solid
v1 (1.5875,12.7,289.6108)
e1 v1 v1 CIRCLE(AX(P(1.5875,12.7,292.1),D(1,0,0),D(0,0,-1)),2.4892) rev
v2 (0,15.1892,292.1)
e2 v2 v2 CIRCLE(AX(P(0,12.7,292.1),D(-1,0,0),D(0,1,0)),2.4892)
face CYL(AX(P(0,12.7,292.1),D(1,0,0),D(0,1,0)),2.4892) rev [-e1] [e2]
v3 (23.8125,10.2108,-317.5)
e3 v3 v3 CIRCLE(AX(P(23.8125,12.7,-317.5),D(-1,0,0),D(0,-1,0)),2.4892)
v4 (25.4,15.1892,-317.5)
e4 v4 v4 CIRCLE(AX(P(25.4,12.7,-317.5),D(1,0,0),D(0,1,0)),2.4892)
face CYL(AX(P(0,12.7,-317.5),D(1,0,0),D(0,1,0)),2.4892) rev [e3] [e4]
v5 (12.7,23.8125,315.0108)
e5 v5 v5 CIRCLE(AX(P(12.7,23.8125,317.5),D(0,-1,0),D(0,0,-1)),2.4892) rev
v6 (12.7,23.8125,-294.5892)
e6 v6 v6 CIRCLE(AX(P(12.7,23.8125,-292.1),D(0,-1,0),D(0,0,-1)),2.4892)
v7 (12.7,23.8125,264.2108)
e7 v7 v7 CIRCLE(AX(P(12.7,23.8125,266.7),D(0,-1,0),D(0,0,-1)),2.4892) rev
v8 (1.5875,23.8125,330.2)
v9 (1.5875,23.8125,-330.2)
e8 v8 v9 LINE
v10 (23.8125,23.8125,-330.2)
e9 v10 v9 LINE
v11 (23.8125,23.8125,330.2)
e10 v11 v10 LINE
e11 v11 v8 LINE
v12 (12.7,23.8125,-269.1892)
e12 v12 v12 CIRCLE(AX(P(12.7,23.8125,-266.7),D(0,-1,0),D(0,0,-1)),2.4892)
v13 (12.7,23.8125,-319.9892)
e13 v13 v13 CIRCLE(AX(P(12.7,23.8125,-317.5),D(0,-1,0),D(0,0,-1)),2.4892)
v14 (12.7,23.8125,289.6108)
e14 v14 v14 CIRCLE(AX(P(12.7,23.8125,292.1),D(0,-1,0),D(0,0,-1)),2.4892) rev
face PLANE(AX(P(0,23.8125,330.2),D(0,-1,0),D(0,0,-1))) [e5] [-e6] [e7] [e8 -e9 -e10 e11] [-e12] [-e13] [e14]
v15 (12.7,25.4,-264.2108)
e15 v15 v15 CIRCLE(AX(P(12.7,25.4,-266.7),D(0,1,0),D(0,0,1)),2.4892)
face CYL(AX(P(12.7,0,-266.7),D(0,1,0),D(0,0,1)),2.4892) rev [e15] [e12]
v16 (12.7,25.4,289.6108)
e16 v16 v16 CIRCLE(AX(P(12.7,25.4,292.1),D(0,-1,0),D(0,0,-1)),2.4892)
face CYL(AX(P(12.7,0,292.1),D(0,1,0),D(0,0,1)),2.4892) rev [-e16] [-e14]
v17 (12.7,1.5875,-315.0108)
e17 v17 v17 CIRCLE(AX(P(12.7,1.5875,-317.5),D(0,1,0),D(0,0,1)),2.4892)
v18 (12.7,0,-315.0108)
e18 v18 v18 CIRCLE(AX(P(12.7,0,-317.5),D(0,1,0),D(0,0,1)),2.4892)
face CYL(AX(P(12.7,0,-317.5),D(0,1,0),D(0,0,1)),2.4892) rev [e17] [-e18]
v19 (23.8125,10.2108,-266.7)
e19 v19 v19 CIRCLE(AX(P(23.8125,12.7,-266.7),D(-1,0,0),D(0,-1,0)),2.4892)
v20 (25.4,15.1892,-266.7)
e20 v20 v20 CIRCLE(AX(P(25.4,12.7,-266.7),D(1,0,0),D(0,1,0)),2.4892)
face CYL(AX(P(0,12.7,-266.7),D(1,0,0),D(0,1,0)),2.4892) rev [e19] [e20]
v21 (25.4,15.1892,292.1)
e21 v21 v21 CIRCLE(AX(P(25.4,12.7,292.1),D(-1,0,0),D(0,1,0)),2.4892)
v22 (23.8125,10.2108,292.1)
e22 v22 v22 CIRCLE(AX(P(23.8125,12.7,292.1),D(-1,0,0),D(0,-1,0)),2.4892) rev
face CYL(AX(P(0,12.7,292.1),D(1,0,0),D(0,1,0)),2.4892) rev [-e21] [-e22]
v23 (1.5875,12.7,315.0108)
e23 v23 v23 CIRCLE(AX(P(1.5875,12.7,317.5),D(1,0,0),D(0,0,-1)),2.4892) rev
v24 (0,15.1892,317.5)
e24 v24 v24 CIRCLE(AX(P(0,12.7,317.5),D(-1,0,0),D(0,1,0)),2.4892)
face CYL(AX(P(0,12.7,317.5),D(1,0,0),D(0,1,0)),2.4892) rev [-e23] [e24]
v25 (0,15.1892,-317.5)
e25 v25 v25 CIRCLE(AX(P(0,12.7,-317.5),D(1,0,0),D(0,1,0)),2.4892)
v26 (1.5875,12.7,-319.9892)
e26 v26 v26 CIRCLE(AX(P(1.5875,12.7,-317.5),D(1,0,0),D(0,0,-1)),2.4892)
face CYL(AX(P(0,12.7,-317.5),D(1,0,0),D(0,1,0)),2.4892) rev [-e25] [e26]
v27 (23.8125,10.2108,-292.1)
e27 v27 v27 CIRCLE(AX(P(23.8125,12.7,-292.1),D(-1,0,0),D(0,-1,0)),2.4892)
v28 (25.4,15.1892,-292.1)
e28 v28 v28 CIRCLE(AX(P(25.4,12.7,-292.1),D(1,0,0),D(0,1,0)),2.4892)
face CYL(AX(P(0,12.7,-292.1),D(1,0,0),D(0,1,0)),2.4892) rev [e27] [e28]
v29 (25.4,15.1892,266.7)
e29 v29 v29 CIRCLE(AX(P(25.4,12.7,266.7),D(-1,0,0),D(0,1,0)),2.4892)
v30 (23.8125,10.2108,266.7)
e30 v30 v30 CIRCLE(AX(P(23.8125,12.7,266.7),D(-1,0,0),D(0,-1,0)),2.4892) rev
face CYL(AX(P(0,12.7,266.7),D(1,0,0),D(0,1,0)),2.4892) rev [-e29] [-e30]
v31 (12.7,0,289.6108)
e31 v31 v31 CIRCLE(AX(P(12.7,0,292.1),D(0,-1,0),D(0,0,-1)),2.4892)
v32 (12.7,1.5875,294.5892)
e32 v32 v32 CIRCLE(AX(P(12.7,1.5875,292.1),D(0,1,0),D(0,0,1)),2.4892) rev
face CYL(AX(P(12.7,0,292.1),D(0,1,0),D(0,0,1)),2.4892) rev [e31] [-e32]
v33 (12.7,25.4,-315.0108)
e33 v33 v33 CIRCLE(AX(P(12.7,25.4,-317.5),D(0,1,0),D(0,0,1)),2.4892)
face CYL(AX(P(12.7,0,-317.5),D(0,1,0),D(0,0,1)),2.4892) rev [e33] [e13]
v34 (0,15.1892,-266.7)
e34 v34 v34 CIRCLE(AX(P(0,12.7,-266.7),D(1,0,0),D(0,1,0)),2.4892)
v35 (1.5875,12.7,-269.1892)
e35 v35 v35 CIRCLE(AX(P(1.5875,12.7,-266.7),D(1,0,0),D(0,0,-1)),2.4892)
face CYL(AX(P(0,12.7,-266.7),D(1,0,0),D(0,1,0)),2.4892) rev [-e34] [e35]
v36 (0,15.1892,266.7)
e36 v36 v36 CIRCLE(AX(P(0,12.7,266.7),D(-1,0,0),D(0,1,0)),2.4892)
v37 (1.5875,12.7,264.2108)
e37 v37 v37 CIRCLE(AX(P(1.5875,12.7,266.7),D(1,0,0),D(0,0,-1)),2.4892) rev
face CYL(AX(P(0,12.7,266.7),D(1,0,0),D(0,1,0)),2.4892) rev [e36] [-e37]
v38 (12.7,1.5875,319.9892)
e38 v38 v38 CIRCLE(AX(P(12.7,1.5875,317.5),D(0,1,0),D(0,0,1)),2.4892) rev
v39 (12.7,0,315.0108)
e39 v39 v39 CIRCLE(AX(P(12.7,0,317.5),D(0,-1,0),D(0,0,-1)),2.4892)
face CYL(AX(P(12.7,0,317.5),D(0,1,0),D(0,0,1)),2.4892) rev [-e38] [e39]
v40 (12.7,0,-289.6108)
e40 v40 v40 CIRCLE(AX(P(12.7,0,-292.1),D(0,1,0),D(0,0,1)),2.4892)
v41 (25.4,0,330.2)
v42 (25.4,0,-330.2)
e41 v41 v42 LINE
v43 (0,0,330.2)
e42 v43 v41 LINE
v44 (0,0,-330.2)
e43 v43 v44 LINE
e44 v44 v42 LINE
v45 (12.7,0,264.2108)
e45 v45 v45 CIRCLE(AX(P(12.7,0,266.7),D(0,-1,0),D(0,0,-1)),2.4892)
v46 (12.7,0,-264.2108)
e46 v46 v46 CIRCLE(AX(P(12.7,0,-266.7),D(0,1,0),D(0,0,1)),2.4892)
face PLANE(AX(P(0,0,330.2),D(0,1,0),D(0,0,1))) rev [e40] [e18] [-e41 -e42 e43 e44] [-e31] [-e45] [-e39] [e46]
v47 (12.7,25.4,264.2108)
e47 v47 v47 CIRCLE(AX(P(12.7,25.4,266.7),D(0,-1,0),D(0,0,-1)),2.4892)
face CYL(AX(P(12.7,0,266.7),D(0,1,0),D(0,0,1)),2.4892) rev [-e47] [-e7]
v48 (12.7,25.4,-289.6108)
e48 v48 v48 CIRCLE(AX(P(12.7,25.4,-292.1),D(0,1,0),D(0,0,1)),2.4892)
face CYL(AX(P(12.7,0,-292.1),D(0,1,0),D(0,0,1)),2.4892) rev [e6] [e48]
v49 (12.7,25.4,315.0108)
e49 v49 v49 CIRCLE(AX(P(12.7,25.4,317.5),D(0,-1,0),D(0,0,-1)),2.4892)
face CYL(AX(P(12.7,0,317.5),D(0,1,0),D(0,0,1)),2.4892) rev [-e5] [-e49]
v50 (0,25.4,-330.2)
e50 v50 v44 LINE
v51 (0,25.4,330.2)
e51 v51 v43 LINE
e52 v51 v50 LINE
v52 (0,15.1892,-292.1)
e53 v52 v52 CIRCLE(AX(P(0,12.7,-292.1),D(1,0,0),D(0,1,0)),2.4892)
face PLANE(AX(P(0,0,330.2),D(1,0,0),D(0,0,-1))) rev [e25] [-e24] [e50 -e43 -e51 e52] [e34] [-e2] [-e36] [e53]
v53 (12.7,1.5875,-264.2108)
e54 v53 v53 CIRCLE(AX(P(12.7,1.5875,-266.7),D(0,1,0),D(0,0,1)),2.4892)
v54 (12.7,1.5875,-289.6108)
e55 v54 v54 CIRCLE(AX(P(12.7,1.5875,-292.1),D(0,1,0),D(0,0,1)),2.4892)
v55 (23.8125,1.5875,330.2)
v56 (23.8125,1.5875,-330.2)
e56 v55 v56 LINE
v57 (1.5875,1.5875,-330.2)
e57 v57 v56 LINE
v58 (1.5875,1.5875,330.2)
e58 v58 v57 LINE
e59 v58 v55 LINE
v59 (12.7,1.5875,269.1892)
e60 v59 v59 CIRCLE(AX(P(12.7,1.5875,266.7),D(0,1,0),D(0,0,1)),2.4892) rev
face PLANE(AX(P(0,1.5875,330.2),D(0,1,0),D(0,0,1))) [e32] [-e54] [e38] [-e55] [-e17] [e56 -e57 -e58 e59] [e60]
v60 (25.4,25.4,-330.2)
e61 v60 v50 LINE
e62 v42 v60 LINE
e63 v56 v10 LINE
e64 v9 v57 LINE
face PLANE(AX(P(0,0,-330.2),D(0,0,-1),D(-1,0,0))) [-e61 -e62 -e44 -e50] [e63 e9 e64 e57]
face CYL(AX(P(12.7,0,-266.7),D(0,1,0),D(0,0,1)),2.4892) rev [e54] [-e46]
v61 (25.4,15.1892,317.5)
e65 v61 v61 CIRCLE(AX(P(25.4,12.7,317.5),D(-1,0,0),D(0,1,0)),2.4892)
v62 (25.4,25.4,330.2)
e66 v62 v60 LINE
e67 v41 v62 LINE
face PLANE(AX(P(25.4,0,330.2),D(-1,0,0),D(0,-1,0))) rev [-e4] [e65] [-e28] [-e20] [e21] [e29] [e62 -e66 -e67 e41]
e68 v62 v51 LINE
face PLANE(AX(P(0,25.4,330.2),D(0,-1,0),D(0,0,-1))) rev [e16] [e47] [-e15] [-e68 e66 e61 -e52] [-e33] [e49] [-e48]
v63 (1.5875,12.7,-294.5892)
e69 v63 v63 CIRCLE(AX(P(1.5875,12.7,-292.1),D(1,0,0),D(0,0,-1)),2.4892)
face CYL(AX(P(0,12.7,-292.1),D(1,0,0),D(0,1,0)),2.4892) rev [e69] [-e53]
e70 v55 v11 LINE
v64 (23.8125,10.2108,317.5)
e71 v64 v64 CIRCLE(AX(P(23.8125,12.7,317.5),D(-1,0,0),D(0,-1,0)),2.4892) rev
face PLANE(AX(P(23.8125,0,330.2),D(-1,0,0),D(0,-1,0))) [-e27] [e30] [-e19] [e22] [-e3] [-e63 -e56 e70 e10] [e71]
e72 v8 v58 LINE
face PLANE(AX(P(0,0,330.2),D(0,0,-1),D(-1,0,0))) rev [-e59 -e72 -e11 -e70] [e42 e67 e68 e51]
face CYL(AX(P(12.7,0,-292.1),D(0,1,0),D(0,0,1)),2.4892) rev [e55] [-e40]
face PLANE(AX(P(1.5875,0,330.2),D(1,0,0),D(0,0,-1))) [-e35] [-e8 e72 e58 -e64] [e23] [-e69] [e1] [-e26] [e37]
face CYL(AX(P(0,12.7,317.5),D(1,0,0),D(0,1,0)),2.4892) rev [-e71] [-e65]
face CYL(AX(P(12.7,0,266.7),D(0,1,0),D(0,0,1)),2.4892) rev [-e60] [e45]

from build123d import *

# Parameters (mm, degrees)
SKETCH5_W           = 25.4
SKETCH5_H           = 25.4
BOSS_EXTRUDE2_DEPTH = 330.2
SHELL3_T            = -1.5875
SKETCH6_R           = 2.4892
CUT_EXTRUDE2_DEPTH  = 333.148099498
SKETCH7_R           = 2.4892
CUT_EXTRUDE3_DEPTH  = 333.148099498


with BuildPart() as part:
    # Sketch5 → Boss-Extrude2 (new, symmetric)
    with BuildSketch(Plane.XY):
        with Locations((12.7, 12.7)):
            Rectangle(SKETCH5_W, SKETCH5_H)
    extrude(amount=BOSS_EXTRUDE2_DEPTH, both=True)

    # Shell3
    shell3_openings = [part.faces().sort_by_distance(p)[0] for p in [
        (12.7, 12.7, 330.2),
        (12.7, 12.7, -330.2),
    ]]
    offset(amount=SHELL3_T, openings=shell3_openings, kind=Kind.INTERSECTION)

    # Sketch6 → Cut-Extrude2 (cut, through all)
    with BuildSketch(Plane(origin=(0, 25.4, 0), x_dir=(1, 0, 0), z_dir=(0, 1, 0))):
        with Locations(Location((12.7, 317.5, 0), (0, 0, 270))):
            Circle(SKETCH6_R)
        with Locations(Location((12.7, 292.1, 0), (0, 0, 270))):
            Circle(SKETCH6_R)
        with Locations(Location((12.7, 266.7, 0), (0, 0, 270))):
            Circle(SKETCH6_R)
    cut_extrude2 = extrude(amount=-CUT_EXTRUDE2_DEPTH, mode=Mode.SUBTRACT)

    # Sketch7 → Cut-Extrude3 (cut, through all)
    with BuildSketch(Plane(origin=(25.4, 0, 0), x_dir=(0, 0, -1), z_dir=(1, 0, 0))):
        with Locations(Location((292.1, 12.7, 0), (0, 0, 90))):
            Circle(SKETCH7_R)
        with Locations(Location((317.5, 12.7, 0), (0, 0, 90))):
            Circle(SKETCH7_R)
        with Locations(Location((266.7, 12.7, 0), (0, 0, 90))):
            Circle(SKETCH7_R)
    cut_extrude3 = extrude(amount=-CUT_EXTRUDE3_DEPTH, mode=Mode.SUBTRACT)

    # Mirror2: Cut-Extrude2, Cut-Extrude3 across plane
    add(cut_extrude2.mirror(Plane.XY), mode=Mode.SUBTRACT)
    add(cut_extrude3.mirror(Plane.XY), mode=Mode.SUBTRACT)


solid = part.part
